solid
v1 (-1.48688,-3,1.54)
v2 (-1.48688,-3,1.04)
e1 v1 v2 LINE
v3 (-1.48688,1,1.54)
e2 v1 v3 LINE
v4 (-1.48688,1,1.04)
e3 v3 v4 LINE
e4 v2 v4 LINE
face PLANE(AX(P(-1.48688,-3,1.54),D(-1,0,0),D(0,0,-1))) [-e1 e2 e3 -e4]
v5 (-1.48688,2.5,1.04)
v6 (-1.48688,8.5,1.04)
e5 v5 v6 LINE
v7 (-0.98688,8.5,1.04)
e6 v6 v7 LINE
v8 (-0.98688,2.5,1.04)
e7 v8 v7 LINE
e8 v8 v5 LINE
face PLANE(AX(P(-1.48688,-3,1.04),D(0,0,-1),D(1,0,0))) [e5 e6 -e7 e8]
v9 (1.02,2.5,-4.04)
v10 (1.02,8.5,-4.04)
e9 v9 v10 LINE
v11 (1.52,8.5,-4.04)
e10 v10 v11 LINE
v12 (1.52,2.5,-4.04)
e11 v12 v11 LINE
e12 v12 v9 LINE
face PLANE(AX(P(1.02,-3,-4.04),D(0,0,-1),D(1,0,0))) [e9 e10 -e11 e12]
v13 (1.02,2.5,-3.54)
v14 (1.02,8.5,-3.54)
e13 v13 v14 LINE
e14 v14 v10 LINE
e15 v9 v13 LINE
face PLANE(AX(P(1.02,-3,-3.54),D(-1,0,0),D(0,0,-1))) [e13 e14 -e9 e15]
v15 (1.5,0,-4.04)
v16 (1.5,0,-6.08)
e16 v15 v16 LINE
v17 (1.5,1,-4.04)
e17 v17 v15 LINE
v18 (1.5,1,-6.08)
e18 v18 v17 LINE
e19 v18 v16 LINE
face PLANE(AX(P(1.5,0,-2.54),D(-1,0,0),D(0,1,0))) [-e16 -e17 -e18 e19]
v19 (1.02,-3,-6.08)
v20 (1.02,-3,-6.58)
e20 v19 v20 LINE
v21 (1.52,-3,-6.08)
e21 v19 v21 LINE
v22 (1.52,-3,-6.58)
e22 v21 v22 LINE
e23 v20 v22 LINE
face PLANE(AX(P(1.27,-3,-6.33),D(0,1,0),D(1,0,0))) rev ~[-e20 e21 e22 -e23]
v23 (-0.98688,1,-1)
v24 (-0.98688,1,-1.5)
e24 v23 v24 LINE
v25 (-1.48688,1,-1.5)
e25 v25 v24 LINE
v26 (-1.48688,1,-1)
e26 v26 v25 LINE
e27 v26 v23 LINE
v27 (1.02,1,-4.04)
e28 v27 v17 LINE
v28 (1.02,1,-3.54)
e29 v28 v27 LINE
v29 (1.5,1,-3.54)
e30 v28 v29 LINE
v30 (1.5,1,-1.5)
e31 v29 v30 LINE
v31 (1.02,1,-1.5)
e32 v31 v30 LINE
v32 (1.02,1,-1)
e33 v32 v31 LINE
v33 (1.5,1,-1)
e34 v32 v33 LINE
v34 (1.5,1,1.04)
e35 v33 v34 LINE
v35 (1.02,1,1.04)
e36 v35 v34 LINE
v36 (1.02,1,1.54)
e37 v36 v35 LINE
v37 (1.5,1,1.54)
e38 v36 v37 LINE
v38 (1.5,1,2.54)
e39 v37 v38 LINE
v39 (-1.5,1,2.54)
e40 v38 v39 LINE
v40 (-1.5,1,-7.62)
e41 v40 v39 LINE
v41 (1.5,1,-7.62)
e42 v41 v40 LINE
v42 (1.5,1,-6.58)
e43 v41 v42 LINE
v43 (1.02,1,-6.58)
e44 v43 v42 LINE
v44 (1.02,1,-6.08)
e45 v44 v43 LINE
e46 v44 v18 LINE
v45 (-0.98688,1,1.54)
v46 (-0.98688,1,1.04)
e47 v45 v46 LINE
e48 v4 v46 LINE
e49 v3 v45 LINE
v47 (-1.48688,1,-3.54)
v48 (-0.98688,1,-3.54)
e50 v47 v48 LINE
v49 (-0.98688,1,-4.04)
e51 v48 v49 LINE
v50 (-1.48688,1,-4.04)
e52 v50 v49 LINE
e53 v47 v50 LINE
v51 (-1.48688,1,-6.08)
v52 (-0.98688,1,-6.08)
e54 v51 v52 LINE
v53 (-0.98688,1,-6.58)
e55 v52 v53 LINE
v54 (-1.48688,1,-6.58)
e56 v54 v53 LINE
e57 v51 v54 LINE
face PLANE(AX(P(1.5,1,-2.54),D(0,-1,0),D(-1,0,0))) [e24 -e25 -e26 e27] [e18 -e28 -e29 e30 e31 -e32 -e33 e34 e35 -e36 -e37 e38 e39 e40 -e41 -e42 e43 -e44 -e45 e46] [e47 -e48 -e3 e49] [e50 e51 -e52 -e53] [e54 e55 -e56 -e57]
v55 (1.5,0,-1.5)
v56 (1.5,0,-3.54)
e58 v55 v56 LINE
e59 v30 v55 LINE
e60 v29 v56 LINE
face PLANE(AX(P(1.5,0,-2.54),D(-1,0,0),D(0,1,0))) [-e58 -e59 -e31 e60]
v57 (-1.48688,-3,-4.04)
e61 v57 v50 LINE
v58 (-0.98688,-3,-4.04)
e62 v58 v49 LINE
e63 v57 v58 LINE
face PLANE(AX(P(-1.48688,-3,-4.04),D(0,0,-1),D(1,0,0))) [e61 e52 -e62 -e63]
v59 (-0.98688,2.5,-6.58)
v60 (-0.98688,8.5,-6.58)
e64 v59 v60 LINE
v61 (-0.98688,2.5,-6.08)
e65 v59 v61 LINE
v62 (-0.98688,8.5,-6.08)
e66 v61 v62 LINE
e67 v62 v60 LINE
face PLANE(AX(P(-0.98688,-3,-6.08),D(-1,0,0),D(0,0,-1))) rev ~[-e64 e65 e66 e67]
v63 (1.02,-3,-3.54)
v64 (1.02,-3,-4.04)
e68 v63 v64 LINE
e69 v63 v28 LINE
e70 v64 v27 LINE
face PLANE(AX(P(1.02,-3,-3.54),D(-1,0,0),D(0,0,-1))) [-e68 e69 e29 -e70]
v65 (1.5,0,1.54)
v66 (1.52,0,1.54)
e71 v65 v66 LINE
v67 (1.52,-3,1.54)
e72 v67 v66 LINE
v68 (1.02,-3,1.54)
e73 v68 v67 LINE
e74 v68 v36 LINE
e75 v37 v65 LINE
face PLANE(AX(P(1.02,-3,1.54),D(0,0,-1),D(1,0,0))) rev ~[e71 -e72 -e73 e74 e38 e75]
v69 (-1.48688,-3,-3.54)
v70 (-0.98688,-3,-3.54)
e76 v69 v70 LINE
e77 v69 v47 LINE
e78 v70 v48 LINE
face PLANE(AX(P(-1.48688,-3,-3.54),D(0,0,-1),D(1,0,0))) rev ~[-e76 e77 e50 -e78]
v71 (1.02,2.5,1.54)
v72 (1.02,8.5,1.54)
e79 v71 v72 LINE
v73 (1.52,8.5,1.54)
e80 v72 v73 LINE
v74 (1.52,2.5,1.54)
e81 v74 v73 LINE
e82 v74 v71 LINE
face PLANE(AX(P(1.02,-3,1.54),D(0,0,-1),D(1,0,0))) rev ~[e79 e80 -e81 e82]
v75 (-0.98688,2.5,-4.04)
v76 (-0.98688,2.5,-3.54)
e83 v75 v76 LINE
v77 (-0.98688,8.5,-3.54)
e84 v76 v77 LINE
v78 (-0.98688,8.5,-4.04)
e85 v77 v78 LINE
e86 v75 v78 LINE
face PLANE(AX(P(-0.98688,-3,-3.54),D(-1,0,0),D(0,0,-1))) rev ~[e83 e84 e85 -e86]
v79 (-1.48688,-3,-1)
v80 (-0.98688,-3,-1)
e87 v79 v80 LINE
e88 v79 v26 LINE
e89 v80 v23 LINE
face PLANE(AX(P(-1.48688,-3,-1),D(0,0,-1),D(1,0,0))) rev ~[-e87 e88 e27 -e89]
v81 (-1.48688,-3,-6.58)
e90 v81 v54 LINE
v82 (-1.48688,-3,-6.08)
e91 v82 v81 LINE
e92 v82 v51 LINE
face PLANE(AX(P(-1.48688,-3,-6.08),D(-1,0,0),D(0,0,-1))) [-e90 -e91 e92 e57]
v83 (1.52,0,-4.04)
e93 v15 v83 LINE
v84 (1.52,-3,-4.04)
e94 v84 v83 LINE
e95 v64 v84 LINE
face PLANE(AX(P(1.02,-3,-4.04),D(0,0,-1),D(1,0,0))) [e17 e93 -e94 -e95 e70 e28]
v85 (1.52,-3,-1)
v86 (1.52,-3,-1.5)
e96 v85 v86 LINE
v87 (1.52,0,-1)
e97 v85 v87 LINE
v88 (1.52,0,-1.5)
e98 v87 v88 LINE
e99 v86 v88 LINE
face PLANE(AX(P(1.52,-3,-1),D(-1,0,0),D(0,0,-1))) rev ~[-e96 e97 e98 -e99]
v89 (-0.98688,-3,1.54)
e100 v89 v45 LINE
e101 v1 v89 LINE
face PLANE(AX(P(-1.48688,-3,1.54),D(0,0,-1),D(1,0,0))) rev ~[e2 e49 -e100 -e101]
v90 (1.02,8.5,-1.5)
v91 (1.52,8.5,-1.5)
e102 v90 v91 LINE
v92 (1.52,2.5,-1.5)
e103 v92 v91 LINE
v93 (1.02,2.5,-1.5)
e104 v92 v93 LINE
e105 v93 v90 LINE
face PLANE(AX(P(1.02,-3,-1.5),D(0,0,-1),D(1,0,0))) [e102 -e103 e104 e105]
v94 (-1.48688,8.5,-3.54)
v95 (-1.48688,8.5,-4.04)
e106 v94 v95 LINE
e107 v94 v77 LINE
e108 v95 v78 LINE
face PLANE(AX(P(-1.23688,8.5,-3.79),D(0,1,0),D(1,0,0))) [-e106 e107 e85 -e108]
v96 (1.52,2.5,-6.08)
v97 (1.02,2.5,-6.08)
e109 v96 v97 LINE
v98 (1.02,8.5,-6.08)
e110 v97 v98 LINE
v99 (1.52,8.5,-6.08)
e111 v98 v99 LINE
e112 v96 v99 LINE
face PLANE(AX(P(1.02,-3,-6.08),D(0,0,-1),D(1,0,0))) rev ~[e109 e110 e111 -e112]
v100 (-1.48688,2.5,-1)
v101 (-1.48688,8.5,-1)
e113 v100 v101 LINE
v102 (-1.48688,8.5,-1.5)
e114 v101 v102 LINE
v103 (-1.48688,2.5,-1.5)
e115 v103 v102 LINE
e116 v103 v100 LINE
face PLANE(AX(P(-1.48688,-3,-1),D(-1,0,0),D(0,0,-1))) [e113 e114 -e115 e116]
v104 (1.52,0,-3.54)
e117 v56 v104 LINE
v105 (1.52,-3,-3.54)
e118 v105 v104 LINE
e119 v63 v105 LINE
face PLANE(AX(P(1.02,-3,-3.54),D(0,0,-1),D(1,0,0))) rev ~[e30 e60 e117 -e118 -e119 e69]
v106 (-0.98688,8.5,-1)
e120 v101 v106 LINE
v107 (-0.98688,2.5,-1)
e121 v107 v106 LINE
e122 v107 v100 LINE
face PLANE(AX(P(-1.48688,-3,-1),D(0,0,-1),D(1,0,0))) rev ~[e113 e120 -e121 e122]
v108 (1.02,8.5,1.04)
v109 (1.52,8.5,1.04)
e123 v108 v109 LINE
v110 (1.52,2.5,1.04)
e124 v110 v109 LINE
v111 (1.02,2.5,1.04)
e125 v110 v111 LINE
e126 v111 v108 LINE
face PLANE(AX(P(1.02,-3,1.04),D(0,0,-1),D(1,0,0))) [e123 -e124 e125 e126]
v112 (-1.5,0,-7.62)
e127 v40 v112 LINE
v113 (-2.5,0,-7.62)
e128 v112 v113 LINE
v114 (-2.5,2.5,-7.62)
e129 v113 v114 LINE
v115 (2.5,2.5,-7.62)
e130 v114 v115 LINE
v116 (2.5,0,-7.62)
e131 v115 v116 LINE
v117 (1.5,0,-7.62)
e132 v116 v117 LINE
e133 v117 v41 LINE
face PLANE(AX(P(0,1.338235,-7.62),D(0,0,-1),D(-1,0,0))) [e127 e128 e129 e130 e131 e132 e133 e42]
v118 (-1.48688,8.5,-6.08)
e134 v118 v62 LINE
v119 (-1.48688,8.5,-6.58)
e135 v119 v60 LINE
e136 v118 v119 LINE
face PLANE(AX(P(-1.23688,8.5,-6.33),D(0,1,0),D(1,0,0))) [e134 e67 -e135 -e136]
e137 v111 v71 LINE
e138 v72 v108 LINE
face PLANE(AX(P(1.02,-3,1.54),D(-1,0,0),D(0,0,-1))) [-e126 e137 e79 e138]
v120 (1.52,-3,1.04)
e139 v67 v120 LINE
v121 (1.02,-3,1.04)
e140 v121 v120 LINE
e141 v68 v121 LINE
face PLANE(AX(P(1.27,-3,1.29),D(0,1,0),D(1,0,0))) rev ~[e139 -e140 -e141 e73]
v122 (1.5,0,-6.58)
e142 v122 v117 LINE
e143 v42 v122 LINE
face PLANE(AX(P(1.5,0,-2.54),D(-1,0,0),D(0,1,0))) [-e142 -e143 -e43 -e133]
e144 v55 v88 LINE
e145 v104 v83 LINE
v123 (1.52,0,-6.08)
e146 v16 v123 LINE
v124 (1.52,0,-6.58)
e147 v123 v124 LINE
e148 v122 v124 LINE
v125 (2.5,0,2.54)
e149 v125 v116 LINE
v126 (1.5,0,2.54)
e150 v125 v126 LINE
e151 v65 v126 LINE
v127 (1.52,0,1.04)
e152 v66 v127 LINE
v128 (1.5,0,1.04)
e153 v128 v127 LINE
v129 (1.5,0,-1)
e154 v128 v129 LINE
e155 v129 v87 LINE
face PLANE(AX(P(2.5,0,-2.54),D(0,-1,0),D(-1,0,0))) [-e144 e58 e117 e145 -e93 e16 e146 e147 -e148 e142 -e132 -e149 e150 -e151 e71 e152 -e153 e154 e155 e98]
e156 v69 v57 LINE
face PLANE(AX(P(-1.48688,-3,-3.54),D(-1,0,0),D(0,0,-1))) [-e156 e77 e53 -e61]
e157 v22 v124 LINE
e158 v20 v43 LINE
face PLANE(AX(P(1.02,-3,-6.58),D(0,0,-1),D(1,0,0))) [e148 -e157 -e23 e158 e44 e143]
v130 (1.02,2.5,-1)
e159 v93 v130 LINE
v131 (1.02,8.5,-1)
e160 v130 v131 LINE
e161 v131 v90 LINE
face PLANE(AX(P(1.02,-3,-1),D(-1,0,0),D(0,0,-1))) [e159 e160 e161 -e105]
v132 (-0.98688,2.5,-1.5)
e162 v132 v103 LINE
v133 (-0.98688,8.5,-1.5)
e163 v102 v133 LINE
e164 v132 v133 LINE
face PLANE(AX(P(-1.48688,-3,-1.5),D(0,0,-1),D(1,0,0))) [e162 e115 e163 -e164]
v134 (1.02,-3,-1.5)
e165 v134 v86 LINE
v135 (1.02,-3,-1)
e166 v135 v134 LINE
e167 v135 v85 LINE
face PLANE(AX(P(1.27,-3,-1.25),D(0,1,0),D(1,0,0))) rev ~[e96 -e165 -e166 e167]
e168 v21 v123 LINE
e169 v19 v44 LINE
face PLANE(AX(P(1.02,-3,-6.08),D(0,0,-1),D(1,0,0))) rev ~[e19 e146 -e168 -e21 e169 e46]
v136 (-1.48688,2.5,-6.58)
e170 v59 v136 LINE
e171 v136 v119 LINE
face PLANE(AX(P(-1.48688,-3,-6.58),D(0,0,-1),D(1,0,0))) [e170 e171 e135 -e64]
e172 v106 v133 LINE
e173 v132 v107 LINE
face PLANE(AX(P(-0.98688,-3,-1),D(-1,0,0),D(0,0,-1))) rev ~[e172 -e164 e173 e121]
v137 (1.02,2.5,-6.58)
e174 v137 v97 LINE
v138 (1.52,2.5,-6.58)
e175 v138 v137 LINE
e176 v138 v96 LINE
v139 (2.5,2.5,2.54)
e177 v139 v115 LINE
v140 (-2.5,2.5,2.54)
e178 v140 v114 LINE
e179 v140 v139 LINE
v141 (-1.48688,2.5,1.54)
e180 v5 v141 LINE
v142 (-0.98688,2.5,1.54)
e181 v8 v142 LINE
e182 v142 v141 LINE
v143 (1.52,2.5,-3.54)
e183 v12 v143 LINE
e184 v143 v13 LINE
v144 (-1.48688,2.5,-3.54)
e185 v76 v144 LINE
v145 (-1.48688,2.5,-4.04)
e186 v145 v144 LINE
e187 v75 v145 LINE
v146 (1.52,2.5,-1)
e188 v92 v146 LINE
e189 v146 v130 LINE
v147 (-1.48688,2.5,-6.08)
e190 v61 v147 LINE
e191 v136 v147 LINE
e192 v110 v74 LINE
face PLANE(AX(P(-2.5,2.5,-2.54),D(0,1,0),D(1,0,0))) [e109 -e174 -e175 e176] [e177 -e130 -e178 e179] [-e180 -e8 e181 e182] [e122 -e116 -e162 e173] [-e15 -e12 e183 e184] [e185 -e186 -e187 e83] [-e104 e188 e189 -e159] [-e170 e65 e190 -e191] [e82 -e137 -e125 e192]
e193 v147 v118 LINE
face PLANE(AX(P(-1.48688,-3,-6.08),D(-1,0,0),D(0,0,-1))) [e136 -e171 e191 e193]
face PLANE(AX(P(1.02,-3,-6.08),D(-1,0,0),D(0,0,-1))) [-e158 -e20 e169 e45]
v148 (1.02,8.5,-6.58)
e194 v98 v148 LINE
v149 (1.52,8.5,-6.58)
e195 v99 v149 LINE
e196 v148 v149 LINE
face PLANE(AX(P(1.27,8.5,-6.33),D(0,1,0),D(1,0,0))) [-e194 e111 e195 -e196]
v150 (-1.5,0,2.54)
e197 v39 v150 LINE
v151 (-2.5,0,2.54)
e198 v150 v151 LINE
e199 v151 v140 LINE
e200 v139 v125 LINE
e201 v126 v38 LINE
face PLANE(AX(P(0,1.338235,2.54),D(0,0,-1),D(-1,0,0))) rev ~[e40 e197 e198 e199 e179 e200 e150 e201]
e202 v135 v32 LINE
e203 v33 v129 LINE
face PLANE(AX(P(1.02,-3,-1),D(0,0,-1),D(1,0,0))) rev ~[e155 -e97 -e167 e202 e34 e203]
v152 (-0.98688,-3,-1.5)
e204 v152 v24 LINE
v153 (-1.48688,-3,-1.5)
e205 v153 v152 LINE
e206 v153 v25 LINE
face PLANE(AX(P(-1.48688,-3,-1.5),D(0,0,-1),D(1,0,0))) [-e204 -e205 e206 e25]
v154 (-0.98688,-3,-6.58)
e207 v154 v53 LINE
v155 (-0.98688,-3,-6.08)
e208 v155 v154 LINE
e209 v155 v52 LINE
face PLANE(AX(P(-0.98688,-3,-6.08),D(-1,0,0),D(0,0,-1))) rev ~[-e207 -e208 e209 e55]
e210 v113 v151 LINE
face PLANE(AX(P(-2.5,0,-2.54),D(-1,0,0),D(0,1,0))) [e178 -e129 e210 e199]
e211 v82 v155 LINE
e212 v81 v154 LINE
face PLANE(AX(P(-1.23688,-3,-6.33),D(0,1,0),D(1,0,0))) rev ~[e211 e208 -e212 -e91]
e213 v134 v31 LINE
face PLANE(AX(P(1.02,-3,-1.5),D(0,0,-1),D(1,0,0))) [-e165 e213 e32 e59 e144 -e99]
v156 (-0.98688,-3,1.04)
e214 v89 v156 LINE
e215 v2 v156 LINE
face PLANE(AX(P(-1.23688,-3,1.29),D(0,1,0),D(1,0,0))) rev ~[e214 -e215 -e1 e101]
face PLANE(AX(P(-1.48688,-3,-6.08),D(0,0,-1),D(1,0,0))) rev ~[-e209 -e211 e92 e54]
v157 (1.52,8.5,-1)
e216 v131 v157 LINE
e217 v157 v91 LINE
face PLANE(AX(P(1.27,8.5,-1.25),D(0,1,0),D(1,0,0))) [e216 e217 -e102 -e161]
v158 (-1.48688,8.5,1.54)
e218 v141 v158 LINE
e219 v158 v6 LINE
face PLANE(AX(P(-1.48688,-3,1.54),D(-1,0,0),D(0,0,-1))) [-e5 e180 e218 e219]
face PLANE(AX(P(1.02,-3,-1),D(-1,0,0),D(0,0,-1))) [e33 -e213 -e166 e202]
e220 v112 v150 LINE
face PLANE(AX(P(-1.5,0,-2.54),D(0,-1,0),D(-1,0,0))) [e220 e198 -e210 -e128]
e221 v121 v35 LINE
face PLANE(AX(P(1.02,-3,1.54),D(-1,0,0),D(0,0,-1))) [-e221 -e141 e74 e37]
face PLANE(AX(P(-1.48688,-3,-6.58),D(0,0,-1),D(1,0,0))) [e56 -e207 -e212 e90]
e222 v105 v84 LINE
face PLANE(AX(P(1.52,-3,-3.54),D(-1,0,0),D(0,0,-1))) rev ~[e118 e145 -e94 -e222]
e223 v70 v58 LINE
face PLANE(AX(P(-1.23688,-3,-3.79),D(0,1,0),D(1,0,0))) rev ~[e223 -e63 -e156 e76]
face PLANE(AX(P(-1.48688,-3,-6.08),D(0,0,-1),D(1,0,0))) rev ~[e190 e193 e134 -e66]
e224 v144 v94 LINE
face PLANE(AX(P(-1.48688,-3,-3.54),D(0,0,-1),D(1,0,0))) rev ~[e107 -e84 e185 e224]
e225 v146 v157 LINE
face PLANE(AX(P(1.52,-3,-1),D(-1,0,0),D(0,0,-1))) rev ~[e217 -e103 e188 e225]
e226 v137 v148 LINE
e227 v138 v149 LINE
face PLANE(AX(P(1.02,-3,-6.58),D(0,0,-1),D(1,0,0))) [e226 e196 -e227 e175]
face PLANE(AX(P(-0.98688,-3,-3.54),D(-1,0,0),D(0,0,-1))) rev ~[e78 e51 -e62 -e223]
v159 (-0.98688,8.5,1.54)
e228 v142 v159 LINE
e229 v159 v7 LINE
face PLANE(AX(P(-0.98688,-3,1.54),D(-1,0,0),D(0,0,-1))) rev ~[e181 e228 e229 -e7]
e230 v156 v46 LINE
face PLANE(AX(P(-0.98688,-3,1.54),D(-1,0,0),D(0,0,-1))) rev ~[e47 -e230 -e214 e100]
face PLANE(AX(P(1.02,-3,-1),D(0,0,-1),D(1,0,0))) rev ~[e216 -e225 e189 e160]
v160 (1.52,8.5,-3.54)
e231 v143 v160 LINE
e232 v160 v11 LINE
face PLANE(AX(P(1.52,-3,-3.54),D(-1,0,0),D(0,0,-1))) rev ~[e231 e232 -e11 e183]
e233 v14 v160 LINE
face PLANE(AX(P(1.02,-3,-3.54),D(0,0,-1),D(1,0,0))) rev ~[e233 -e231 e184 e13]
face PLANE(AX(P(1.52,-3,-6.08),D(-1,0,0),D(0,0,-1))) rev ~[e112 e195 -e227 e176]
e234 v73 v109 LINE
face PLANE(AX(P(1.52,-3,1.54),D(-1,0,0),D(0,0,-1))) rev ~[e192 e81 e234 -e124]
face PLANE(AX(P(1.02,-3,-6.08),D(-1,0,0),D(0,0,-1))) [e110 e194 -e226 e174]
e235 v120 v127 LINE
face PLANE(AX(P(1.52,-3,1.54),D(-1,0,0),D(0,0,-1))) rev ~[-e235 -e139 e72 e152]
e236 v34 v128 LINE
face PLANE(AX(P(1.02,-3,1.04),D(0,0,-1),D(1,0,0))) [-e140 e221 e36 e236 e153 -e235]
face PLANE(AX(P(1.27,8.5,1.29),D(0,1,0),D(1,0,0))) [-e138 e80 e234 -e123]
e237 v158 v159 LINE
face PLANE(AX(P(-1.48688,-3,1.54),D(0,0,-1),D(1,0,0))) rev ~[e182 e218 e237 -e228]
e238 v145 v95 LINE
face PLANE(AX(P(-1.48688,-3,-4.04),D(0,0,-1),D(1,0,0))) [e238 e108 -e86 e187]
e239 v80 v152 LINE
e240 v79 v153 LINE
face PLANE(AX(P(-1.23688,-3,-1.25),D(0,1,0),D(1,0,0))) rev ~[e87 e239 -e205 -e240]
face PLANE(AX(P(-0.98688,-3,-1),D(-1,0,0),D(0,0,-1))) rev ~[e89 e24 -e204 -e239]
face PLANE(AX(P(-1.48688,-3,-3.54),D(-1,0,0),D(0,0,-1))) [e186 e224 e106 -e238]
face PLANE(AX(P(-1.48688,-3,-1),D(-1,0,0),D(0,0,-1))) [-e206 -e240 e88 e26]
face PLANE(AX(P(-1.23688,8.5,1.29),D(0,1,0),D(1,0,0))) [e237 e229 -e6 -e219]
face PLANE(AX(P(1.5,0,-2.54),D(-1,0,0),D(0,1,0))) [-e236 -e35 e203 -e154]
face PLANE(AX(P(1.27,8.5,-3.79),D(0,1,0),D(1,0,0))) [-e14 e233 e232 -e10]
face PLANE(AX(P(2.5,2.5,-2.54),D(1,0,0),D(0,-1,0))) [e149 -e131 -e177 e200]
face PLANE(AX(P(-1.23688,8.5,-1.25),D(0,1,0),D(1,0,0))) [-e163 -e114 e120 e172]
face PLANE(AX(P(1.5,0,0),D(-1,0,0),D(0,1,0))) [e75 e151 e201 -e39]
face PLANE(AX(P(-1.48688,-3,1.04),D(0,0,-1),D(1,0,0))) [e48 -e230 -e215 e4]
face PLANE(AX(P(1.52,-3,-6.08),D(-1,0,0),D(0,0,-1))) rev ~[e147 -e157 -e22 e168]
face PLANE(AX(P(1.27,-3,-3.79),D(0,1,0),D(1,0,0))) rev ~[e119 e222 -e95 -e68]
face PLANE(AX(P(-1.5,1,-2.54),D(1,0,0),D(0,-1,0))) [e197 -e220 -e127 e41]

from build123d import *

# Parameters (mm, degrees)
EXTRUDE_1_DEPTH        = 2.54
EXTRUDE_START          = -5.5
SKETCH_2_W             = 0.5
SKETCH_2_H             = 0.5
EXTRUDE_2_DEPTH        = 11.5
PATTERN_LINEAR_1_COUNT = 4
PATTERN_LINEAR_1_PITCH = 2.54


with BuildPart() as part:
    # Эскиз1 → Бобышка-Вытянуть1 (new body)
    with BuildSketch(Plane.XY):
        Polygon((-2.5, 0), (-2.5, 2.5), (2.5, 2.5), (2.5, 0), (1.5, 0), (1.5, 1), (-1.5, 1), (-1.5, 0), align=None)
    extrude_1 = extrude(amount=EXTRUDE_1_DEPTH)

    # Эскиз2 → Бобышка-Вытянуть2 (add)
    with BuildSketch(Plane(origin=(0, 2.5, 0), x_dir=(1, 0, 0), z_dir=(0, 1, 0)).offset(EXTRUDE_START)):
        with Locations((-1.236880281, -1.29)):
            Rectangle(SKETCH_2_W, SKETCH_2_H)
        with Locations((1.27, -1.29)):
            Rectangle(SKETCH_2_W, SKETCH_2_H)
    extrude_2 = extrude(amount=EXTRUDE_2_DEPTH)

    # Линейный массив1: Бобышка-Вытянуть1, Бобышка-Вытянуть2 ×4
    with Locations(*[(0, 0, -i * PATTERN_LINEAR_1_PITCH) for i in range(1, PATTERN_LINEAR_1_COUNT)]):
        add(extrude_1)
        add(extrude_2)


solid = part.part
